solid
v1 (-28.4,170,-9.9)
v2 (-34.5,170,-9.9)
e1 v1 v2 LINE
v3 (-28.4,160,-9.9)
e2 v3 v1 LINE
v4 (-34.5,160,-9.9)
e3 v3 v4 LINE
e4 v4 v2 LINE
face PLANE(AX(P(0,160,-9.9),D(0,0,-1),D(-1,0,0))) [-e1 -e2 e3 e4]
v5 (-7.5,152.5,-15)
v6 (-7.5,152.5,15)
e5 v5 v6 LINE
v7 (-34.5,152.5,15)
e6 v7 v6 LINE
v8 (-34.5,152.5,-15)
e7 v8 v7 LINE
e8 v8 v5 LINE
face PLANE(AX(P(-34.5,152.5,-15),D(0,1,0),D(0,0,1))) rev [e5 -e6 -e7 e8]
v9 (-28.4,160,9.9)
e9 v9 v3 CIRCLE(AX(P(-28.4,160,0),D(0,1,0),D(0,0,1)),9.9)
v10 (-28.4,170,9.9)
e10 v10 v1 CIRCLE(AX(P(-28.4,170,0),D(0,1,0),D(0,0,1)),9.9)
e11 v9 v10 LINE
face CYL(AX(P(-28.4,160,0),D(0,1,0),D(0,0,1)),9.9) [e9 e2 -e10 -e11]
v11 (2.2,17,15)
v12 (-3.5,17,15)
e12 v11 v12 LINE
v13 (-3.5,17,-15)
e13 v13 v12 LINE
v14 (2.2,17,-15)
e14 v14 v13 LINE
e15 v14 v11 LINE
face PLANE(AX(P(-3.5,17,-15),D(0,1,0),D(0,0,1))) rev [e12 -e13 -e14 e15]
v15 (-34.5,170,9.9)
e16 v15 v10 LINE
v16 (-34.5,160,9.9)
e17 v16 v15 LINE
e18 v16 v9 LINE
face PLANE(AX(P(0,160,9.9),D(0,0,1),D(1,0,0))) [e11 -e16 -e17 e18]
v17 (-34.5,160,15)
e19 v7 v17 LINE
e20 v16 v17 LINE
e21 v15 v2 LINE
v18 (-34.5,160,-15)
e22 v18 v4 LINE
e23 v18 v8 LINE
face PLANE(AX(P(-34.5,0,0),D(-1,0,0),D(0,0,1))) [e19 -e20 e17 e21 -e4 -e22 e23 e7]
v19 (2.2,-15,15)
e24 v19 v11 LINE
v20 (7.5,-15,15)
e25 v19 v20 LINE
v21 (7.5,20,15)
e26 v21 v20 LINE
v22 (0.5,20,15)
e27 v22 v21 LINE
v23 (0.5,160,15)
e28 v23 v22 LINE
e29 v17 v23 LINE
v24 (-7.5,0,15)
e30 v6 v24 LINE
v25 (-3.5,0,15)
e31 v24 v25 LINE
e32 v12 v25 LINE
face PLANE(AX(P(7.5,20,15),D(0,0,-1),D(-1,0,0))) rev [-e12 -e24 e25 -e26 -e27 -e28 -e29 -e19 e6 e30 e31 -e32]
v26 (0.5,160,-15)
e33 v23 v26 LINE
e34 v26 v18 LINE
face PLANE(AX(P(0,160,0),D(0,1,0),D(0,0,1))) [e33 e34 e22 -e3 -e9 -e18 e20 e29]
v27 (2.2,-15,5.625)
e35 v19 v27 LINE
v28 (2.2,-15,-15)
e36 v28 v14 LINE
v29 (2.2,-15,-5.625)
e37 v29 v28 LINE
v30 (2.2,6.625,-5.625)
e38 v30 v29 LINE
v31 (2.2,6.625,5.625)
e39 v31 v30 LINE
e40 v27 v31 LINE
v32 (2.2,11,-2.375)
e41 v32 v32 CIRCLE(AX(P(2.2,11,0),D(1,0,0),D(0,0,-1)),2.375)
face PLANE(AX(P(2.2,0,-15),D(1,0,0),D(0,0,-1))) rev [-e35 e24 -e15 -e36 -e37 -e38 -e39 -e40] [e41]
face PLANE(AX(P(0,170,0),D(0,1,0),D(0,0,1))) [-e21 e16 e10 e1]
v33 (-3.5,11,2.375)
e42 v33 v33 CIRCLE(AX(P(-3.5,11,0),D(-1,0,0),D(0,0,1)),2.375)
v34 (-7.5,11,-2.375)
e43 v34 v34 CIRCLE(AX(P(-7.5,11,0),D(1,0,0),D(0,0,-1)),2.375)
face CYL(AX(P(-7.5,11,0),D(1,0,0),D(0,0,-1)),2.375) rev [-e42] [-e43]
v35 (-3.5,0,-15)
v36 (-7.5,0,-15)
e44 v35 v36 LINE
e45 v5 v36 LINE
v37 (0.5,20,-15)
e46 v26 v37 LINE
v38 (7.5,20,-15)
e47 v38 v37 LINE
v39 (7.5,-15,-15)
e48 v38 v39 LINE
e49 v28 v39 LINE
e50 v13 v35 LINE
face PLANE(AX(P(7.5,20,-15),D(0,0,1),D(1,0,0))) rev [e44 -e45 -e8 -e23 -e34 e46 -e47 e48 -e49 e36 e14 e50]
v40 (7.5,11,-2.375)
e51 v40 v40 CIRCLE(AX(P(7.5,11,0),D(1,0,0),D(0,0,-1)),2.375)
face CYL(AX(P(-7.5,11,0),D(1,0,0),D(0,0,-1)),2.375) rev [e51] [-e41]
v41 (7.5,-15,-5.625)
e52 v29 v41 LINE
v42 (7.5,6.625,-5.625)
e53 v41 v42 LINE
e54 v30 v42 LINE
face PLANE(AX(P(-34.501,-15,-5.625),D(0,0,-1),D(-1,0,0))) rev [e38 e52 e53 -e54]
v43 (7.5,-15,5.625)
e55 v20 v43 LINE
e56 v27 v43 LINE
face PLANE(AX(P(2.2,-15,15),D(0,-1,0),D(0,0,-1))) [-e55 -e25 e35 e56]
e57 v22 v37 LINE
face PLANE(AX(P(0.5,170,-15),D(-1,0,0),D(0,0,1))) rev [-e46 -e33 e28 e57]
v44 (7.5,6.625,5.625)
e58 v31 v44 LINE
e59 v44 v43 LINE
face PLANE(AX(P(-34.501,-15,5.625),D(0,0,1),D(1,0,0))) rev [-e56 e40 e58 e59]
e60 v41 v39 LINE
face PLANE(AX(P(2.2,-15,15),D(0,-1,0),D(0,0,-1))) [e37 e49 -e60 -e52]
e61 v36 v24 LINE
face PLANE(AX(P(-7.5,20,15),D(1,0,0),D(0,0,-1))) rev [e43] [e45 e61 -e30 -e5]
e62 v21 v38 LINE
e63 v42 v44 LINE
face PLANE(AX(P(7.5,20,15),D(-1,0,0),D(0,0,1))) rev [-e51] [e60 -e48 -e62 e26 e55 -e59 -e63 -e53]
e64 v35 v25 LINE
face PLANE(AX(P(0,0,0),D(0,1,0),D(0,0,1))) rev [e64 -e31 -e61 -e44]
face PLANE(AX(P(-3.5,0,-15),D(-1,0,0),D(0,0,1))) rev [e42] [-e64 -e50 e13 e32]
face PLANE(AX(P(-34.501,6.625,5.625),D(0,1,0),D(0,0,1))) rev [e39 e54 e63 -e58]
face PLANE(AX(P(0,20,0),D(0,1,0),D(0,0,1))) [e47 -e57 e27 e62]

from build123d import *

# Parameters (mm, degrees)
SKETCH_1_W          = 15
SKETCH_1_H          = 30
EXTRUDE_1_DEPTH     = 20
SKETCH_2_W          = 5.7
SKETCH_2_H          = 17
CUT_EXTRUDE_1_DEPTH = 31
SKETCH_3_W          = 8
SKETCH_3_H          = 30
EXTRUDE_2_DEPTH     = 150
SKETCH_4_R          = 2.375
CUT_EXTRUDE_2_DEPTH = 16
SKETCH_5_W          = 30
SKETCH_5_H          = 17.5
EXTRUDE_3_DEPTH     = 27
CUT_EXTRUDE_3_DEPTH = 10
SKETCH_7_W          = 30
SKETCH_7_H          = 15
EXTRUDE_4_DEPTH     = 5.3
CUT_EXTRUDE_4_REACH = 44
SKETCH_8_W          = 11.25
SKETCH_8_H          = 21.625


with BuildPart() as part:
    # 스케치1 → 보스-돌출1 (new body)
    with BuildSketch(Plane(origin=(0, 0, 0), x_dir=(1, 0, 0), z_dir=(0, 1, 0))):
        Rectangle(SKETCH_1_W, SKETCH_1_H)
    extrude(amount=EXTRUDE_1_DEPTH)

    # 스케치2 → 컷-돌출1 (cut, through all)
    with BuildSketch(Plane.XY.offset(15)):
        with Locations((-0.65, 8.5)):
            Rectangle(SKETCH_2_W, SKETCH_2_H)
    extrude(amount=-CUT_EXTRUDE_1_DEPTH, mode=Mode.SUBTRACT)

    # 스케치3 → 보스-돌출2 (add)
    with BuildSketch(Plane(origin=(0, 20, 0), x_dir=(1, 0, 0), z_dir=(0, 1, 0))):
        with Locations((-3.5, 0)):
            Rectangle(SKETCH_3_W, SKETCH_3_H)
    extrude(amount=EXTRUDE_2_DEPTH)

    # 스케치4 → 컷-돌출2 (cut, through all)
    with BuildSketch(Plane(origin=(7.5, 0, 0), x_dir=(0, 0, -1), z_dir=(1, 0, 0))):
        with Locations((0, 11)):
            Circle(SKETCH_4_R)
    extrude(amount=-CUT_EXTRUDE_2_DEPTH, mode=Mode.SUBTRACT)

    # 스케치5 → 보스-돌출3 (add)
    with BuildSketch(Plane.ZY.offset(7.5)):
        with Locations((0, 161.25)):
            Rectangle(SKETCH_5_W, SKETCH_5_H)
    extrude(amount=EXTRUDE_3_DEPTH)

    # 스케치6 → 컷-돌출3 (cut)
    with BuildSketch(Plane(origin=(0, 170, 0), x_dir=(1, 0, 0), z_dir=(0, 1, 0))):
        with BuildLine():
            Line((-34.5, 15), (-34.5, 9.9))
            Line((-34.5, 9.9), (-28.4, 9.9))
            ThreePointArc((-28.4, 9.9), (-18.5, 0), (-28.4, -9.9))
            Line((-28.4, -9.9), (-34.5, -9.9))
            Line((-34.5, -9.9), (-34.5, -15))
            Line((-34.5, -15), (0.5, -15))
            Line((0.5, -15), (0.5, 15))
            Line((0.5, 15), (-34.5, 15))
        make_face()
    extrude(amount=-CUT_EXTRUDE_3_DEPTH, mode=Mode.SUBTRACT)

    # 스케치7 → 보스-돌출4 (add)
    with BuildSketch(Plane(origin=(7.5, 0, 0), x_dir=(0, 0, -1), z_dir=(1, 0, 0))):
        with Locations((0, -7.5)):
            Rectangle(SKETCH_7_W, SKETCH_7_H)
    extrude(amount=-EXTRUDE_4_DEPTH)

    # 스케치8 → 컷-돌출4 (cut, up to next)
    with BuildSketch(Plane(origin=(7.5, 0, 0), x_dir=(0, 0, -1), z_dir=(1, 0, 0)), mode=Mode.PRIVATE) as cut_extrude_4_sk1:
        with Locations((0, -4.1875)):
            Rectangle(SKETCH_8_W, SKETCH_8_H)
    cut_extrude_4_tool1 = extrude(cut_extrude_4_sk1.sketch, amount=-CUT_EXTRUDE_4_REACH, mode=Mode.PRIVATE) & part.part
    add(cut_extrude_4_tool1.solids().sort_by_distance((7.5, -4.1875, 0))[0], mode=Mode.SUBTRACT)


solid = part.part
